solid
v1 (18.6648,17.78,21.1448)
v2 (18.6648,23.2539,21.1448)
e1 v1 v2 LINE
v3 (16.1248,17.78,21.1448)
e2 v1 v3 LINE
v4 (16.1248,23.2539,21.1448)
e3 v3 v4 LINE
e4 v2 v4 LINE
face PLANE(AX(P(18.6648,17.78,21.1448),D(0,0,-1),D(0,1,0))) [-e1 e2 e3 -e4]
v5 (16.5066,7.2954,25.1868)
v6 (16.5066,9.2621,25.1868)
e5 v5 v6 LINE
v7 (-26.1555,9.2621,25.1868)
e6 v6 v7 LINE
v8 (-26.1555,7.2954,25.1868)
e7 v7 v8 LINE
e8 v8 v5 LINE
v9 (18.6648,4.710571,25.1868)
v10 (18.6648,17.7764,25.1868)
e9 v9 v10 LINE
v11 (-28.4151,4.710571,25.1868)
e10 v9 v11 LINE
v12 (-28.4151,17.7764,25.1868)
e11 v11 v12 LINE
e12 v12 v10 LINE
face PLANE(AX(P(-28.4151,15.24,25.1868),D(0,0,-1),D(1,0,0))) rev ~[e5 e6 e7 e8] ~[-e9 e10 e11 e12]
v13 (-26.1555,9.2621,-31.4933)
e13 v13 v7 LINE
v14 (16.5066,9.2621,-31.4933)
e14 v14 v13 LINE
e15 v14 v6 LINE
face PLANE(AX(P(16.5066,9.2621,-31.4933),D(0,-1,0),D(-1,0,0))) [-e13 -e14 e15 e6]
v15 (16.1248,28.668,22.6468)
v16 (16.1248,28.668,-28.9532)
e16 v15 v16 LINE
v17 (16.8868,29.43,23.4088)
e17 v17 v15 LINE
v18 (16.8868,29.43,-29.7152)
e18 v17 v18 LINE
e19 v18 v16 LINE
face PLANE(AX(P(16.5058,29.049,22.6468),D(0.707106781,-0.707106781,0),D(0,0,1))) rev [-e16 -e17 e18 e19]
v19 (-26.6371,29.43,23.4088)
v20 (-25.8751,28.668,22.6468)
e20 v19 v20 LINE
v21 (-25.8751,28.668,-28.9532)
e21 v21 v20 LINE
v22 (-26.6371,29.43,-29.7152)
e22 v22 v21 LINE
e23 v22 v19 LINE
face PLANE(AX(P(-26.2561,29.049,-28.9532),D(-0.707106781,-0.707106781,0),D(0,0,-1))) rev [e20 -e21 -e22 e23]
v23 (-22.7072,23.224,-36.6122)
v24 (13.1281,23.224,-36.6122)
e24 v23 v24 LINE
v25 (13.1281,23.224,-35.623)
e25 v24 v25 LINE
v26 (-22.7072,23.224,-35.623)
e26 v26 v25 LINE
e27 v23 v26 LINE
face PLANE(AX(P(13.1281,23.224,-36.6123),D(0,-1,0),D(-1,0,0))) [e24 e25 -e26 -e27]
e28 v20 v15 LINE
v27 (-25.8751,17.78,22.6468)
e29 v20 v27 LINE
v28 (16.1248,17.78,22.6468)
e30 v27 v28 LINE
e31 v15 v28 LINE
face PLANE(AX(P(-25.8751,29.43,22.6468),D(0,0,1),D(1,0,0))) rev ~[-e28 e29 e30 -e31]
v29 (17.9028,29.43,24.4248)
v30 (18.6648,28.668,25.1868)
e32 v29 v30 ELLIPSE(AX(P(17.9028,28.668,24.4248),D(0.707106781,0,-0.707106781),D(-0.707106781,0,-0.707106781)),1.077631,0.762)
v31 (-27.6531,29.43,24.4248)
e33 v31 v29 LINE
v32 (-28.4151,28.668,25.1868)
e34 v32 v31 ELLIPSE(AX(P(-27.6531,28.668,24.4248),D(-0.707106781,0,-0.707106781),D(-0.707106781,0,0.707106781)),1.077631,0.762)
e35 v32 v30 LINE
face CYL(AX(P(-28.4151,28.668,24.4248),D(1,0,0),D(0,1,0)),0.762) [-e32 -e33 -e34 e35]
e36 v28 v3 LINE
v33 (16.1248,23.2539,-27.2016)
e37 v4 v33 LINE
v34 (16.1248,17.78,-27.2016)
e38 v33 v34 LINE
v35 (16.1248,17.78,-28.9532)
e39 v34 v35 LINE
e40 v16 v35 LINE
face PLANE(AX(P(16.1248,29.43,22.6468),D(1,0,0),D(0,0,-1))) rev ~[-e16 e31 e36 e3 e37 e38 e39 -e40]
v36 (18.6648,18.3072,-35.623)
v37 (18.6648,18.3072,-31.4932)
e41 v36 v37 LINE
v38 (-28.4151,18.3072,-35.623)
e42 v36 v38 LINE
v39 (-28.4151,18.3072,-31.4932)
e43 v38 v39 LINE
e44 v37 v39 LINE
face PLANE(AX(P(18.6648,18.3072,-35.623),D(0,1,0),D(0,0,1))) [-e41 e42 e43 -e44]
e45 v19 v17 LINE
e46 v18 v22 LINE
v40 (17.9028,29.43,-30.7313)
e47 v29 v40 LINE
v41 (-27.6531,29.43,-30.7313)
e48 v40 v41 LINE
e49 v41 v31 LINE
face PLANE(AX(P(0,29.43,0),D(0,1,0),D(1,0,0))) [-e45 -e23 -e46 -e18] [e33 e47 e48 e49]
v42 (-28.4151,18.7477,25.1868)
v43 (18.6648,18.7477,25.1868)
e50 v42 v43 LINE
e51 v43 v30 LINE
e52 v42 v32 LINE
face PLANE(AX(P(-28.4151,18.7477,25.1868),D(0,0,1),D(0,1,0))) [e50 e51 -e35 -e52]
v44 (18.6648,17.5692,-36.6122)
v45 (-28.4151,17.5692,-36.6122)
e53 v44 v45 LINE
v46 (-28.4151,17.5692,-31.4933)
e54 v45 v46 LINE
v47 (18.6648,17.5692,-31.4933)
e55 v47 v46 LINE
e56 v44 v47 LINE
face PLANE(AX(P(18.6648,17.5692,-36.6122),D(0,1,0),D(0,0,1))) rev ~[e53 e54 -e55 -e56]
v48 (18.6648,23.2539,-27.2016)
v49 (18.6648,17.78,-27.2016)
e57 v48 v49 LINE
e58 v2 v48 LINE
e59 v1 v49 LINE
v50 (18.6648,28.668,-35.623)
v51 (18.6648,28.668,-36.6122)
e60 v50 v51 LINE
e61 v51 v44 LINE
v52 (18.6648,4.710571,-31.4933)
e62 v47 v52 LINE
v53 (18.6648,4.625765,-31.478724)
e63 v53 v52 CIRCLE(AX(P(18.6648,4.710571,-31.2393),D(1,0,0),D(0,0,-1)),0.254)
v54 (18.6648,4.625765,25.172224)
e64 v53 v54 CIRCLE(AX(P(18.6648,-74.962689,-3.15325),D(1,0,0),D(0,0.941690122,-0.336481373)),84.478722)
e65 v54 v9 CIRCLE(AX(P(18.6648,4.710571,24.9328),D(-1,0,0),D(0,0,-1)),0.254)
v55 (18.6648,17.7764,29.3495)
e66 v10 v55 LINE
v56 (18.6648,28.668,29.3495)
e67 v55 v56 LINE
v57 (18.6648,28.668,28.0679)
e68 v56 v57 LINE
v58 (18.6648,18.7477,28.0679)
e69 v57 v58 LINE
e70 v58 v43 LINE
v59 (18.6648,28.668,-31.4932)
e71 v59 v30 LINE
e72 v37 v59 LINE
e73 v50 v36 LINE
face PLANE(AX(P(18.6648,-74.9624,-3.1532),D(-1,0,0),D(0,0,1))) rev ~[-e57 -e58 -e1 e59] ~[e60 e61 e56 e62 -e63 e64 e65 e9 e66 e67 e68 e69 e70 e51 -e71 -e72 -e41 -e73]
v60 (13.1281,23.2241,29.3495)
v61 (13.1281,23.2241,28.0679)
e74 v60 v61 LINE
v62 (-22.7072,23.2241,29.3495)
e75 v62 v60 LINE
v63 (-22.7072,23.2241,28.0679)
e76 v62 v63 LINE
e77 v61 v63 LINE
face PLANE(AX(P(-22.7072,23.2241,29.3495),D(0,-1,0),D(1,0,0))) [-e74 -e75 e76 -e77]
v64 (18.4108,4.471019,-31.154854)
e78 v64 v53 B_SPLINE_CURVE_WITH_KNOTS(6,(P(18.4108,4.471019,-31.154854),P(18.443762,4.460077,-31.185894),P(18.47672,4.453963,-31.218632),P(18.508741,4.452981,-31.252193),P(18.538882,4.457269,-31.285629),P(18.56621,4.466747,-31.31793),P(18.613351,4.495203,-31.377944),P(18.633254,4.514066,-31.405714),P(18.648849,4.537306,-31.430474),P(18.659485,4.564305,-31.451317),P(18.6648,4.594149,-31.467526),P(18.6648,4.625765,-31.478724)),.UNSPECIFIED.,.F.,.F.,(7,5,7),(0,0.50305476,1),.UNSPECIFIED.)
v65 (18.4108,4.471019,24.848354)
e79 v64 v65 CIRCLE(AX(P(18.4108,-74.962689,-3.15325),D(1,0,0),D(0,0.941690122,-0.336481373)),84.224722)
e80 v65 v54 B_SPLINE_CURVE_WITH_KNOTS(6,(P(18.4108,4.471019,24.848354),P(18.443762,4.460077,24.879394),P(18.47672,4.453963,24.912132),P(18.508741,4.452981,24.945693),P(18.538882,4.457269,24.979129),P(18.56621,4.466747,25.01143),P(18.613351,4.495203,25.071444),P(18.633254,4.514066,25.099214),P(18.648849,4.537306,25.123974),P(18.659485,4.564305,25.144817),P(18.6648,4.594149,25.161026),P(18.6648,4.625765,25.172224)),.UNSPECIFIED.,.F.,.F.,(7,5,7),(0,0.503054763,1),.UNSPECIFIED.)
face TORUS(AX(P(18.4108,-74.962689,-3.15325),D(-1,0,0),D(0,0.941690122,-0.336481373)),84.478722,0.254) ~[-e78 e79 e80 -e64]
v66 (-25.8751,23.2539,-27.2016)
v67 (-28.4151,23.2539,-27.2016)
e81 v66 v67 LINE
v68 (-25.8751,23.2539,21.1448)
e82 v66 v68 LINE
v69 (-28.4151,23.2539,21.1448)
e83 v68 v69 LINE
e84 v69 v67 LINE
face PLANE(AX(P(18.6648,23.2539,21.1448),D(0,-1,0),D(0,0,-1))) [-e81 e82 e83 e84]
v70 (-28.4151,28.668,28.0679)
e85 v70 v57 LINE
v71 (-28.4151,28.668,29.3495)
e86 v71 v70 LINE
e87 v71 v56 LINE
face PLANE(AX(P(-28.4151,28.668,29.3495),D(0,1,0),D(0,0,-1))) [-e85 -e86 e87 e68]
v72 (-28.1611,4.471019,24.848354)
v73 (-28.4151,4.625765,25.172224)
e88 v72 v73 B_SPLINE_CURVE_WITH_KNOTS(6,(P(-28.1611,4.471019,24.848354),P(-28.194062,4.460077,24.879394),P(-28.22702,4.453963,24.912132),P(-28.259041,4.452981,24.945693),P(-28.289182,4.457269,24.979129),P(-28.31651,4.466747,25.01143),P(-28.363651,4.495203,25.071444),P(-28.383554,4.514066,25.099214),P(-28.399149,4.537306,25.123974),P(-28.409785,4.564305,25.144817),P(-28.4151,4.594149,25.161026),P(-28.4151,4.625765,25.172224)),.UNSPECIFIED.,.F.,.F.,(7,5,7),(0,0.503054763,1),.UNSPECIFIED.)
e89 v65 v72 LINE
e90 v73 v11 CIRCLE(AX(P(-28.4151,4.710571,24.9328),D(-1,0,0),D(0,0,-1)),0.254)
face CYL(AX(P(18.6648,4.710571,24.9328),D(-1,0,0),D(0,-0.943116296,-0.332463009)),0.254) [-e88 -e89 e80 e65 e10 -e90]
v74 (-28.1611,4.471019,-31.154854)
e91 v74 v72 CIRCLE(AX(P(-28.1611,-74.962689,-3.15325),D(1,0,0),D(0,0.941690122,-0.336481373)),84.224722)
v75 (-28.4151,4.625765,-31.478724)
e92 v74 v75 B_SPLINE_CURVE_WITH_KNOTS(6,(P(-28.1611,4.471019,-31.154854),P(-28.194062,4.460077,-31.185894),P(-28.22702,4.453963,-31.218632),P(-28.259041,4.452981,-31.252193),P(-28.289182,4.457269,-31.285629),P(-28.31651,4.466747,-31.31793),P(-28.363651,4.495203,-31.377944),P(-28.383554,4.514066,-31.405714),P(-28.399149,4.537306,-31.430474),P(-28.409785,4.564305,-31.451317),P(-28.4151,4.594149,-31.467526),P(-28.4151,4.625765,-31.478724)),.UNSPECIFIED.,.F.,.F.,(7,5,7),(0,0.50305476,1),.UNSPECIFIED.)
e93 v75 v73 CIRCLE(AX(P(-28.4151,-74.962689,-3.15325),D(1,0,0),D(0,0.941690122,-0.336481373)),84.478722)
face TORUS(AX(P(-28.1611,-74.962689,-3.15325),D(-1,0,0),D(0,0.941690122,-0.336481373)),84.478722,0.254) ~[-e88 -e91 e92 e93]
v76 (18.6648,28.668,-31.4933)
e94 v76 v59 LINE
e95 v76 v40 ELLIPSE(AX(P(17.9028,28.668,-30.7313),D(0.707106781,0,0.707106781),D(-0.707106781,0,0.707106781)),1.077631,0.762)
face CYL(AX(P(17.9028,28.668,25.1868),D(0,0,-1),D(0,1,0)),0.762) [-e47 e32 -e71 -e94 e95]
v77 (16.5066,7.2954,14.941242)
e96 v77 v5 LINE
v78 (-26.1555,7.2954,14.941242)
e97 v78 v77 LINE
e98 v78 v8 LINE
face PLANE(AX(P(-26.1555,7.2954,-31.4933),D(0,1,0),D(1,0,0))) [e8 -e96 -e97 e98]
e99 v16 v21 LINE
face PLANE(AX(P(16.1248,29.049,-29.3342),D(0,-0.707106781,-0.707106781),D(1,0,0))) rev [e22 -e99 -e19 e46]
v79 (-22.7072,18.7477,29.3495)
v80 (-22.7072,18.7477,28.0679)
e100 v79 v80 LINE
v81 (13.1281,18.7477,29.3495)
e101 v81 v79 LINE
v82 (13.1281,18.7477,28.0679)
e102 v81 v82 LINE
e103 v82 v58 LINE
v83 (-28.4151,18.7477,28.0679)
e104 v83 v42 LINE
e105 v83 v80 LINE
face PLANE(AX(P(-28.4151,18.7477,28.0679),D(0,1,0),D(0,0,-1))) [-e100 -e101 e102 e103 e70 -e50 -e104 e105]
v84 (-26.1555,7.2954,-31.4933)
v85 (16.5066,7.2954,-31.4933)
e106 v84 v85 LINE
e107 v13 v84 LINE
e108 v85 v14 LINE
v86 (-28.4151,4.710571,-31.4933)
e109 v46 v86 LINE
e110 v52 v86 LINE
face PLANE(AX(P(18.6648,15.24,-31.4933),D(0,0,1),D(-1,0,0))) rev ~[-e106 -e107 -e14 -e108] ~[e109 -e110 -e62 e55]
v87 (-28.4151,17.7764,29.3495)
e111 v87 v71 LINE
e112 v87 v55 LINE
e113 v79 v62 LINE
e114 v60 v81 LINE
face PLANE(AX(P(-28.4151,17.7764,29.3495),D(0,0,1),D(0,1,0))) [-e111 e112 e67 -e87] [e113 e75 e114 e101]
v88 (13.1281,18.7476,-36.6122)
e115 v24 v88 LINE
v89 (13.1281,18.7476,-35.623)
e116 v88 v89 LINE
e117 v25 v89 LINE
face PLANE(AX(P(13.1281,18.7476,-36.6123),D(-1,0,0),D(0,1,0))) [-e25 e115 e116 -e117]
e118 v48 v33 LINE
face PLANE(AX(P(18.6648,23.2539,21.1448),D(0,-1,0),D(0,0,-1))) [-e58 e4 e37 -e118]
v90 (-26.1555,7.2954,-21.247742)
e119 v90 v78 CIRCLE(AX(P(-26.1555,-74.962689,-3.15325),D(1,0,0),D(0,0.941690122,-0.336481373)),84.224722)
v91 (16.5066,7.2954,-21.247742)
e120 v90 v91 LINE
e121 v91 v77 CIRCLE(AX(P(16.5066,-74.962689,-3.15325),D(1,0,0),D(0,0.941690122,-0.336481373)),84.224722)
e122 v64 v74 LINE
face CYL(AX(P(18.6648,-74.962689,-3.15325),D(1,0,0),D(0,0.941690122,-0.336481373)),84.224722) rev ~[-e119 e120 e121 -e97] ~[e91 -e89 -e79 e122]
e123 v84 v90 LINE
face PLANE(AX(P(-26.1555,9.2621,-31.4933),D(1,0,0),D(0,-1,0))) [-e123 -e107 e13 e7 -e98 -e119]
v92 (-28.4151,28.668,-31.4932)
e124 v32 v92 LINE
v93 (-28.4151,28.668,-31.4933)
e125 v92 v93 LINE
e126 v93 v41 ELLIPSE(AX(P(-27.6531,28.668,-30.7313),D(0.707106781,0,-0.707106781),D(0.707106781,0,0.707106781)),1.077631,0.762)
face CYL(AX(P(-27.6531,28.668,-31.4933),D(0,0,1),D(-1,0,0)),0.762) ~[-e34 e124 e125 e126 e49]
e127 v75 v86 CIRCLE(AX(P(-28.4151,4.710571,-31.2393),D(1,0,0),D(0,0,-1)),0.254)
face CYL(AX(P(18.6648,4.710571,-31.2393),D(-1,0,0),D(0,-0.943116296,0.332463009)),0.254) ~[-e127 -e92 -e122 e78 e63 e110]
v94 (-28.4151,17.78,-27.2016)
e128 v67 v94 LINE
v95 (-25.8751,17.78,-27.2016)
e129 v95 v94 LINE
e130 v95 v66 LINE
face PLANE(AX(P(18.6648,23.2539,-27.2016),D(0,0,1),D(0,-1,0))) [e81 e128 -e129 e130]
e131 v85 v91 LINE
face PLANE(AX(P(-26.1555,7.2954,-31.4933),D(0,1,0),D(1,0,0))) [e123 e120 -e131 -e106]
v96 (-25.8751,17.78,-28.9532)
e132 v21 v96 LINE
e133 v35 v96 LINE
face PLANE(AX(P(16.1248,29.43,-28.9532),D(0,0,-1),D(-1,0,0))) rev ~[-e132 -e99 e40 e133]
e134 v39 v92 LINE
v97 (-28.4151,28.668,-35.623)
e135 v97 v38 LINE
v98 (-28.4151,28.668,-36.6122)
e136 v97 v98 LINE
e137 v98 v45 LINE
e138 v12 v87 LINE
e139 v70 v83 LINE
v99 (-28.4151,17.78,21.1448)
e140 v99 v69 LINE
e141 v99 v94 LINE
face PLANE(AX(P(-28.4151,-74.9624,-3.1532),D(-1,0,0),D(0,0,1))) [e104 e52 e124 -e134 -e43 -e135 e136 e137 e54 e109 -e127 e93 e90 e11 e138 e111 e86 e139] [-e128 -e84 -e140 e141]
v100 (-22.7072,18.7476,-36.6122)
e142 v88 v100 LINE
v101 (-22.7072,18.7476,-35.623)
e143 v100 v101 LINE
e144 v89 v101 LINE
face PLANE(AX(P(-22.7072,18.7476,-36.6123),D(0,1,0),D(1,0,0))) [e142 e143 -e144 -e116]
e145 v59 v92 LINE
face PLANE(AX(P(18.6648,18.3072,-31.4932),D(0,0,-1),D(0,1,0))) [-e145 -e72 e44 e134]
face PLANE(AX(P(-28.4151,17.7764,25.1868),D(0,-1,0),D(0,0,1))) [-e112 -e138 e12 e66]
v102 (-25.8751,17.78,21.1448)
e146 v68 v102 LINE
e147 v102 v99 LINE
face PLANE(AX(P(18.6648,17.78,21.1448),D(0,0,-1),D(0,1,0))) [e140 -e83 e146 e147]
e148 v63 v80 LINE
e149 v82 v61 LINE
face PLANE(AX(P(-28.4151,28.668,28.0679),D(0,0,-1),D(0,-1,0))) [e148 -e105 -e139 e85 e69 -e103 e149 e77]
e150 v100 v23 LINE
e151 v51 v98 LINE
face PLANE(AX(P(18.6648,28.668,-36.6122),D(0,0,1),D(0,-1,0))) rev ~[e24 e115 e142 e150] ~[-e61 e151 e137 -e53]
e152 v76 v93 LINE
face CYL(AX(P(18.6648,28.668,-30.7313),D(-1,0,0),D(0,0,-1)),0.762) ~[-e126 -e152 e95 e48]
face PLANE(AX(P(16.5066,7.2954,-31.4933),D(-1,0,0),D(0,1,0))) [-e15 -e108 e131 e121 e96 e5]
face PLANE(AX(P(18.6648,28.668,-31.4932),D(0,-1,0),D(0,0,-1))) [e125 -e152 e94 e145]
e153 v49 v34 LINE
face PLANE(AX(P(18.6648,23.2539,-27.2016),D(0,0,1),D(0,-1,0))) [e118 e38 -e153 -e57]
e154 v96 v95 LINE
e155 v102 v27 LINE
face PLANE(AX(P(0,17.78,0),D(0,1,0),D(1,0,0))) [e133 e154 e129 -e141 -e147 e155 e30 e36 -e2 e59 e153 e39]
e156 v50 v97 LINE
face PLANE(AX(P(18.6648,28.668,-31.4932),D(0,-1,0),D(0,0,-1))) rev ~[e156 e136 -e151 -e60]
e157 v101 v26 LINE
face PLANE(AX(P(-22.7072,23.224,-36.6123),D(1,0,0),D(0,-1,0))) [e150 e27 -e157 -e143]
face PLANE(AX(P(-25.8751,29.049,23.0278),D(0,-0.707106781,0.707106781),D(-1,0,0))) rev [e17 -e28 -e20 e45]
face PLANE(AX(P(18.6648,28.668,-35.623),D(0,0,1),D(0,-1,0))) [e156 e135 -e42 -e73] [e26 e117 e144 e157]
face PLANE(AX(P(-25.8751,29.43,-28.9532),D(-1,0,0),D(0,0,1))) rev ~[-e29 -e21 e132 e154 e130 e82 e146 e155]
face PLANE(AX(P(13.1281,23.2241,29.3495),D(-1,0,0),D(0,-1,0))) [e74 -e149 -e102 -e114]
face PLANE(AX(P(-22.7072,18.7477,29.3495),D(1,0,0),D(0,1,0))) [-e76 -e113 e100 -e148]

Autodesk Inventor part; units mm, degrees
ref_plane "YZ Plane" through (0, 0, 0) normal (1, 0, 0) x (0, 1, 0)
sketch "Sketch1" plane through (0, 0, 0) normal (0, 1, 0) x (-1, 0, 0)
  line L0 (28.4151, 25.1868) -> (-18.6648, 25.1868)
  line L1 (-18.6648, 25.1868) -> (-18.6648, -31.4933)
  line L2 (-18.6648, -31.4933) -> (28.4151, -31.4933)
  line L3 (28.4151, -31.4933) -> (28.4151, 25.1868)
  dimension "d1" = 47.0799
  dimension "d2" = 56.6801
extrude "Extrusion1" add sketch "Sketch1" along normal blind 15.24
sketch "Sketch3" plane through (18.6648, 0, 25.1868) normal (1, 0, 0) x (0, 0, -1)
  line L0 (0, 15.24) -> (56.6801, 15.24) projected
  line L1 (0, 0) -> (0, 15.24) projected
  line L2 (0, 4.3509) -> (0, 0)
  line L3 (0, 0) -> (56.6801, 0) projected
  line L4 (0, 0) -> (56.6801, 0)
  line L5 (56.6801, 0) -> (56.6801, 4.3509)
  line L6 (56.6801, 0) -> (56.6801, 15.24) projected
  arc A0 (56.6801, 4.3509) -> (0, 4.3509) centre (28.3401, -74.9624) ccw
  point P0 (25.1868, 0)
extrude "Extrusion2" cut sketch "Sketch3" against normal through all contours A0 L5 L3 L1
fillet "Fillet1" radius 0.254 4 edges at (18.6648, 9.262, -3.1532) (-4.8752, 4.3509, -31.4933) (-28.4151, 9.262, -3.1532) (-4.8752, 4.3509, 25.1868)
sketch "Sketch4" plane through (0, 15.24, 0) normal (0, 1, 0) x (1, 0, 0)
  point P0 (0, 0)
ref_plane "Work Plane1" through (0, 15.24, 0) normal (0, 1, 0) x (1, 0, 0)
sketch "Sketch8" plane through (0, 15.24, 0) normal (0, 1, 0) x (1, 0, 0)
  line L0 (-28.4151, -25.1868) -> (18.6648, -25.1868) projected
  line L1 (-28.4151, -25.1868) -> (18.6648, -25.1868)
  line L2 (18.6648, -25.1868) -> (18.6648, 31.4933)
  line L3 (18.6648, 31.4933) -> (-28.4151, 31.4933)
  line L4 (-28.4151, 31.4933) -> (-28.4151, -25.1868)
  point P0 (0, 0)
extrude "Extrusion5" add sketch "Sketch8" along normal blind 14.19
sketch "Sketch9" plane through (0, 29.43, 0) normal (0, 1, 0) x (1, 0, 0)
  line L0 (-28.4151, -25.1868) -> (-28.4151, -25.1722) projected
  line L1 (18.6648, 31.4933) -> (18.6648, 31.4787) projected
  line L2 (18.6648, -25.1722) -> (18.6648, -25.1868) projected
  line L3 (-28.4151, 31.4933) -> (18.6648, 31.4933) projected
  line L4 (-25.8751, -22.6468) -> (16.1248, -22.6468)
  line L5 (16.1248, -22.6468) -> (16.1248, 28.9532)
  line L6 (16.1248, 28.9532) -> (-25.8751, 28.9532)
  line L7 (-25.8751, 28.9532) -> (-25.8751, -22.6468)
  line L8 (-25.8751, -22.6468) -> (16.1248, 28.9532) construction
  line L9 (16.1248, -22.6468) -> (-25.8751, 28.9532) construction
  point P0 (0, 0)
  point P1 (-4.8752, 3.1532)
  dimension "d30" = 41.9999
  dimension "d31" = 51.6
extrude "Extrusion6" cut sketch "Sketch9" against normal blind 11.65
fillet "Fillet2" radius 0.762 4 edges at (-28.4151, 29.43, -3.1532) (-4.8752, 29.43, -31.4933) (18.6648, 29.43, -3.1532) (-4.8752, 29.43, 25.1868)
chamfer "Chamfer3" distance 0.762 angle 45 4 edges at (-4.8752, 29.43, 22.6468) (16.1248, 29.43, -3.1532) (-4.8752, 29.43, -28.9532) (-25.8751, 29.43, -3.1532)
sketch "Sketch10" plane through (18.6648, -74.9624, -3.1532) normal (1, 0, 0) x (0, 0, -1)
  arc A0 (28.3255, 79.5882) -> (-28.3255, 79.5882) centre (0, 0) ccw projected
  line L0 (28.34, 79.673) -> (28.34, 103.6304) projected
  line L1 (-28.3255, 79.5882) -> (28.34, 79.5882)
  line L2 (28.34, 79.5882) -> (28.34, 83.3201)
  line L3 (28.34, 83.3201) -> (-28.3255, 83.3201)
  line L4 (-28.3255, 83.3201) -> (-28.3255, 79.5882)
  point P0 (-3.1532, 74.9624)
ref_plane "Work Plane2" through (18.6648, 4.7106, -31.4933) normal (0, 0, -1) x (-1, 0, 0)
sketch "Sketch11" plane through (18.6648, 4.7106, -31.4933) normal (0, 0, -1) x (-1, 0, 0)
  line L0 (0, 4.8055) -> (0, -0.0848) projected
  line L1 (47.0799, -0.0848) -> (47.0799, 4.8055) projected
  line L2 (0, 4.8055) -> (47.0799, 4.8055)
  line L3 (47.0799, 4.8055) -> (47.0799, -0.0848)
  line L4 (47.0799, -0.0848) -> (0, -0.0848)
  line L5 (0, -0.0848) -> (0, 4.8055)
  line L6 (0.254, 4.5515) -> (46.8259, 4.5515) projected
  line L7 (2.1582, 4.5515) -> (44.8203, 4.5515)
  line L8 (44.8203, 4.5515) -> (44.8203, 2.5848)
  line L9 (44.8203, 2.5848) -> (2.1582, 2.5848)
  line L10 (2.1582, 2.5848) -> (2.1582, 4.5515)
  point P0 (18.6648, -4.7106)
extrude "Extrusion7" cut sketch "Sketch11" against normal through all contours L6 L8 L9 L10
sketch "Sketch15" plane through (18.6648, -74.9624, -3.1532) normal (1, 0, 0) x (0, 0, -1)
  line L0 (-25.8, 92.7424) -> (25.8, 92.7424) projected
  line L1 (-24.298, 98.2163) -> (24.0484, 98.2163)
  line L2 (24.0484, 98.2163) -> (24.0484, 92.7424)
  line L3 (24.0484, 92.7424) -> (-24.298, 92.7424)
  line L4 (-24.298, 92.7424) -> (-24.298, 98.2163)
  point P0 (-3.1532, 74.9624)
  point P1 (-24.298, 92.7424)
extrude "Extrusion8" cut sketch "Sketch15" against normal through all
sketch "Sketch16" plane through (-28.4151, -74.9624, -3.1532) normal (-1, 0, 0) x (0, 0, 1)
  line L0 (28.34, 79.673) -> (28.34, 103.6304) projected
  line L1 (28.34, 92.7388) -> (32.5027, 92.7388)
  line L2 (32.5027, 92.7388) -> (32.5027, 103.6304)
  line L3 (32.5027, 103.6304) -> (28.34, 103.6304)
  line L4 (28.34, 103.6304) -> (28.34, 92.7388)
  point P0 (3.1532, 74.9624)
extrude "Extrusion9" add sketch "Sketch16" against normal blind 47.0799
sketch "Sketch17" plane through (-28.4151, -74.9624, -3.1532) normal (-1, 0, 0) x (0, 0, 1)
  line L0 (32.5027, 103.6304) -> (28.34, 103.6304) projected
  line L1 (28.34, 103.6304) -> (31.2211, 103.6304)
  line L2 (31.2211, 103.6304) -> (31.2211, 93.7101)
  line L3 (31.2211, 93.7101) -> (28.34, 93.7101)
  line L4 (28.34, 93.7101) -> (28.34, 103.6304)
  point P0 (3.1532, 74.9624)
  point P1 (31.2211, 103.6304)
extrude "Extrusion10" cut sketch "Sketch17" against normal blind 47.0799
sketch "Sketch18" plane through (18.6648, -74.9624, -3.1532) normal (1, 0, 0) x (0, 0, -1)
  line L0 (28.34, 79.673) -> (28.34, 103.6304) projected
  line L1 (28.34, 103.6304) -> (33.459, 103.6304)
  line L2 (33.459, 103.6304) -> (33.459, 92.5316)
  line L3 (33.459, 92.5316) -> (28.34, 92.5316)
  line L4 (28.34, 92.5316) -> (28.34, 103.6304)
  point P0 (-3.1532, 74.9624)
extrude "Extrusion11" add sketch "Sketch18" against normal blind 47.0799
sketch "Sketch19" plane through (18.6648, -74.9624, -3.1532) normal (1, 0, 0) x (0, 0, -1)
  line L0 (28.34, 103.6304) -> (32.4698, 103.6304)
  line L1 (32.4698, 103.6304) -> (32.4698, 93.2696)
  line L2 (32.4698, 93.2696) -> (28.34, 93.2696)
  line L3 (28.34, 93.2696) -> (28.34, 103.6304)
  point P0 (-3.1532, 74.9624)
extrude "Extrusion12" cut sketch "Sketch19" against normal blind 47.0799
sketch "Sketch20" plane through (18.6648, 17.5691, -36.6123) normal (0, 0, -1) x (-1, 0, 0)
  line L0 (47.0799, 1.1785) -> (0, 1.1785) projected
  line L1 (5.5367, 5.6549) -> (41.372, 5.6549)
  line L2 (41.372, 5.6549) -> (41.372, 1.1785)
  line L3 (41.372, 1.1785) -> (5.5367, 1.1785)
  line L4 (5.5367, 1.1785) -> (5.5367, 5.6549)
  point P0 (18.6648, -17.5691)
  point P1 (5.5367, 1.1785)
extrude "Extrusion13" cut sketch "Sketch20" against normal blind 1.778
sketch "Sketch21" plane through (-28.4151, 17.7764, 29.3495) normal (0, 0, 1) x (1, 0, 0)
  line L0 (5.7079, 0.9713) -> (5.7079, 5.4477) projected
  line L1 (41.5432, 0.9713) -> (5.7079, 0.9713) projected
  line L2 (5.7079, 5.4477) -> (41.5432, 5.4477)
  line L3 (41.5432, 5.4477) -> (41.5432, 0.9713)
  line L4 (41.5432, 0.9713) -> (5.7079, 0.9713)
  line L5 (5.7079, 0.9713) -> (5.7079, 5.4477)
  point P0 (28.4151, -17.7764)
extrude "Extrusion14" cut sketch "Sketch21" against normal blind 1.778
properties part number "wear1"
